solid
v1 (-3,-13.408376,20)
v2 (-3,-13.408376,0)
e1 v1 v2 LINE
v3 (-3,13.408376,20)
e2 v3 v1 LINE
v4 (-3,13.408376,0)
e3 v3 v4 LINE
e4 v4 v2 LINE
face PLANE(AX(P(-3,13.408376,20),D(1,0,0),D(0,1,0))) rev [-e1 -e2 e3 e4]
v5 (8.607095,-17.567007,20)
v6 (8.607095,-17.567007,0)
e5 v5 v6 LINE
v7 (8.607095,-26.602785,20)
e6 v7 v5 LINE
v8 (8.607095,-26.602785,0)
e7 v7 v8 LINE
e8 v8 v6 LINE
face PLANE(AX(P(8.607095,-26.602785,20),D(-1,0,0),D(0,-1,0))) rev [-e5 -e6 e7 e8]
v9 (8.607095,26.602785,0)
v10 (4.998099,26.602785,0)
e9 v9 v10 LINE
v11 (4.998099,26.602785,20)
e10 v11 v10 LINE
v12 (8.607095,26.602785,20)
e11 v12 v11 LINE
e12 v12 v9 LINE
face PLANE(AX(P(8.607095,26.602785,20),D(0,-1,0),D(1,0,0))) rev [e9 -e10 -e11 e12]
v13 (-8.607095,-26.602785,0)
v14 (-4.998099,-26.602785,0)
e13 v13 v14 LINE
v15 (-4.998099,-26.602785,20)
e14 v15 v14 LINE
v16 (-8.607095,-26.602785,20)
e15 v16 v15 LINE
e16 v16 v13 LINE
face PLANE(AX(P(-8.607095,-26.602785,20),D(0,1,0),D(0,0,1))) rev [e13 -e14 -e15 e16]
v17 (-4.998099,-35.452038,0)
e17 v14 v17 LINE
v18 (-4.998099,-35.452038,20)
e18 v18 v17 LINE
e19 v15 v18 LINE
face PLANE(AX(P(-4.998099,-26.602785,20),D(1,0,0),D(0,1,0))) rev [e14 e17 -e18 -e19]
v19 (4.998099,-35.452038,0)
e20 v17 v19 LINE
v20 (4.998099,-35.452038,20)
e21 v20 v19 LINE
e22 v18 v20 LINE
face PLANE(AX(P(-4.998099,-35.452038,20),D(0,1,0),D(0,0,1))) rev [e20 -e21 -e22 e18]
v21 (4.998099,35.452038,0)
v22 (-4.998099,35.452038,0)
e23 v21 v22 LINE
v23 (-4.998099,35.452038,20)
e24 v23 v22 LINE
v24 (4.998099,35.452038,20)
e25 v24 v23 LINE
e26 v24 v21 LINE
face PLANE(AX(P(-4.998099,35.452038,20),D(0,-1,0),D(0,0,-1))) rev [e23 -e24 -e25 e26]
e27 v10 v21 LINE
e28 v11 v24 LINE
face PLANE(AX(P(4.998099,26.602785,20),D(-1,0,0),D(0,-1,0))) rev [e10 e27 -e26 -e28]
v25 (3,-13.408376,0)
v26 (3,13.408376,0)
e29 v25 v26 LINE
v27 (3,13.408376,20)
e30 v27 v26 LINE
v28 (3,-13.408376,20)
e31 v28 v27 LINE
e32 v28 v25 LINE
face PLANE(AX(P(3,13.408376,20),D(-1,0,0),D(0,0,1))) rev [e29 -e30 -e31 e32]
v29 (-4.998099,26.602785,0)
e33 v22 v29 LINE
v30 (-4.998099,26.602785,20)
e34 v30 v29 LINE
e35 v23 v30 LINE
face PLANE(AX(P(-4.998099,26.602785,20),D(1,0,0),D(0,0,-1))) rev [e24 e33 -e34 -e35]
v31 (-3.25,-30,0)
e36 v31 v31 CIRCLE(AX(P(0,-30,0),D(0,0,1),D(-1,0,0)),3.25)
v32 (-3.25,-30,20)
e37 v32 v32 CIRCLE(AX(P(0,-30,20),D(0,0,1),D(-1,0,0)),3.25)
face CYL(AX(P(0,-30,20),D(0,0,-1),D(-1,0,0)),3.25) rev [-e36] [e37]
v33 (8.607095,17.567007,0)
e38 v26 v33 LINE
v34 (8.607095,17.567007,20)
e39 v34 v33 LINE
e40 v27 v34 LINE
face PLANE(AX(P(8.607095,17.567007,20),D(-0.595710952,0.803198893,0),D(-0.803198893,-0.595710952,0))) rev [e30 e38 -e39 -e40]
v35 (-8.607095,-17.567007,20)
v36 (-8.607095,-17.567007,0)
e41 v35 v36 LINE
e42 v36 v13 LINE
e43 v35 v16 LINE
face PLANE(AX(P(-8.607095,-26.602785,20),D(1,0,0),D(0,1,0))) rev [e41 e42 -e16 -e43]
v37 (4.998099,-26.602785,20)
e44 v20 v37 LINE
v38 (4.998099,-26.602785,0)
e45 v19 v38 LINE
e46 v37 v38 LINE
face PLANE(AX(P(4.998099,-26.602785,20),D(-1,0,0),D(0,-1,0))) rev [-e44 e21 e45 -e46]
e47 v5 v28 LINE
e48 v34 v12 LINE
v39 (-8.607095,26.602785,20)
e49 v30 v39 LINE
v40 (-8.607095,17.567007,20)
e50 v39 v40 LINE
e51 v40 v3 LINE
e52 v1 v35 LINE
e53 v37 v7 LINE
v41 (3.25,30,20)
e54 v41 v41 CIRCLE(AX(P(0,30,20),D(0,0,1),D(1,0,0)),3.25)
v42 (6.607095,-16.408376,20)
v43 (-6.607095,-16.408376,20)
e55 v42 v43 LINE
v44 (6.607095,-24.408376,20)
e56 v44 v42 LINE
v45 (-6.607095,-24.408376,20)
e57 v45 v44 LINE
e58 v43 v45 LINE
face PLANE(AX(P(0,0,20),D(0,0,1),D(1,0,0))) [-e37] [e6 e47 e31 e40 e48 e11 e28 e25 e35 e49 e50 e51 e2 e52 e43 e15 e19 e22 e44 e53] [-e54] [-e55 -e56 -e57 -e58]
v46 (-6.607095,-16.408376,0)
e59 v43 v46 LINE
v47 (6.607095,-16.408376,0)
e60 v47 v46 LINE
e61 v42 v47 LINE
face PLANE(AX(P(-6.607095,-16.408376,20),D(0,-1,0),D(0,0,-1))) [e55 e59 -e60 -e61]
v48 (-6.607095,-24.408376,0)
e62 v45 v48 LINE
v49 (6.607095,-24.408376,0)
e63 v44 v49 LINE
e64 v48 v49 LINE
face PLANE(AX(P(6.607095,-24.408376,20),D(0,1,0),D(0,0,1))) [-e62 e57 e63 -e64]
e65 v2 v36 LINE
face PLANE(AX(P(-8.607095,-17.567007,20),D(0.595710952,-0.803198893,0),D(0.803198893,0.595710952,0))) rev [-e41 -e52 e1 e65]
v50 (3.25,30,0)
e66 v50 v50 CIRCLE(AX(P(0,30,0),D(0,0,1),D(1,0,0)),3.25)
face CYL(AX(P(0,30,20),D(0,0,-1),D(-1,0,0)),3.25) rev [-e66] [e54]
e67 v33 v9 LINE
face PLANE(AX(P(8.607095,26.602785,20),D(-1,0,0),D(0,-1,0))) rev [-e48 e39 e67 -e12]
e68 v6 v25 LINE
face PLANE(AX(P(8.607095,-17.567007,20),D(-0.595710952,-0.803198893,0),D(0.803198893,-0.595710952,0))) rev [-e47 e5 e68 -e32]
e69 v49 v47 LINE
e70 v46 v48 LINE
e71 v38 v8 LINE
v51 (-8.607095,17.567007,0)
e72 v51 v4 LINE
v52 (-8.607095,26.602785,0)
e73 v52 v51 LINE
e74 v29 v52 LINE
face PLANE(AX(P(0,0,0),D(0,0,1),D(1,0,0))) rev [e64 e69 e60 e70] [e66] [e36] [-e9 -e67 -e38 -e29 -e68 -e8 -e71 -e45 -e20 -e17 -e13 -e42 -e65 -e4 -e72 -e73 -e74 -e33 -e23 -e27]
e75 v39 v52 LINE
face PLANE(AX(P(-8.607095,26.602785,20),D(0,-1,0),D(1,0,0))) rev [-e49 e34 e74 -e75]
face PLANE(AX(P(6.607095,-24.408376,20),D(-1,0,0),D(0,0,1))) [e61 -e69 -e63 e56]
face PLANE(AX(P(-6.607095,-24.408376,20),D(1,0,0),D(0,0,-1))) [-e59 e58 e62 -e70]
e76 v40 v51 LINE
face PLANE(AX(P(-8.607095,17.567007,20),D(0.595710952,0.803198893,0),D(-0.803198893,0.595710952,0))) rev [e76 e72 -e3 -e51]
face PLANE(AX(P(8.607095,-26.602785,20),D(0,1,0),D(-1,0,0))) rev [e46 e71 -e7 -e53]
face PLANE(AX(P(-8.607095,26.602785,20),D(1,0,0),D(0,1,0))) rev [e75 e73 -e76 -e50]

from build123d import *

# Parameters (mm, degrees)
SKETCH1_R           = 3.25
SKETCH1_W           = 13.214189082
SKETCH1_H           = 8
BOSS_EXTRUDE1_DEPTH = 20


with BuildPart() as part:
    # Sketch1 → Boss-Extrude1 (new body)
    with BuildSketch(Plane.XY):
        Polygon((-8.607094541, 26.60278493), (-4.998098652, 26.60278493), (-4.998098652, 35.452037516), (4.998098652, 35.452037516), (4.998098652, 26.60278493), (8.607094541, 26.60278493), (8.607094541, 17.567007114), (3, 13.408376353), (3, -13.408376353), (8.607094541, -17.567007114), (8.607094541, -26.60278493), (4.998098652, -26.60278493), (4.998098652, -35.452037516), (-4.998098652, -35.452037516), (-4.998098652, -26.60278493), (-8.607094541, -26.60278493), (-8.607094541, -17.567007114), (-3, -13.408376353), (-3, 13.408376353), (-8.607094541, 17.567007114), align=None)
        with Locations((0, 30)):
            Circle(SKETCH1_R, mode=Mode.SUBTRACT)
        with Locations((0, -30)):
            Circle(SKETCH1_R, mode=Mode.SUBTRACT)
        with Locations((0, -20.408376353)):
            Rectangle(SKETCH1_W, SKETCH1_H, mode=Mode.SUBTRACT)
    extrude(amount=BOSS_EXTRUDE1_DEPTH)


solid = part.part
